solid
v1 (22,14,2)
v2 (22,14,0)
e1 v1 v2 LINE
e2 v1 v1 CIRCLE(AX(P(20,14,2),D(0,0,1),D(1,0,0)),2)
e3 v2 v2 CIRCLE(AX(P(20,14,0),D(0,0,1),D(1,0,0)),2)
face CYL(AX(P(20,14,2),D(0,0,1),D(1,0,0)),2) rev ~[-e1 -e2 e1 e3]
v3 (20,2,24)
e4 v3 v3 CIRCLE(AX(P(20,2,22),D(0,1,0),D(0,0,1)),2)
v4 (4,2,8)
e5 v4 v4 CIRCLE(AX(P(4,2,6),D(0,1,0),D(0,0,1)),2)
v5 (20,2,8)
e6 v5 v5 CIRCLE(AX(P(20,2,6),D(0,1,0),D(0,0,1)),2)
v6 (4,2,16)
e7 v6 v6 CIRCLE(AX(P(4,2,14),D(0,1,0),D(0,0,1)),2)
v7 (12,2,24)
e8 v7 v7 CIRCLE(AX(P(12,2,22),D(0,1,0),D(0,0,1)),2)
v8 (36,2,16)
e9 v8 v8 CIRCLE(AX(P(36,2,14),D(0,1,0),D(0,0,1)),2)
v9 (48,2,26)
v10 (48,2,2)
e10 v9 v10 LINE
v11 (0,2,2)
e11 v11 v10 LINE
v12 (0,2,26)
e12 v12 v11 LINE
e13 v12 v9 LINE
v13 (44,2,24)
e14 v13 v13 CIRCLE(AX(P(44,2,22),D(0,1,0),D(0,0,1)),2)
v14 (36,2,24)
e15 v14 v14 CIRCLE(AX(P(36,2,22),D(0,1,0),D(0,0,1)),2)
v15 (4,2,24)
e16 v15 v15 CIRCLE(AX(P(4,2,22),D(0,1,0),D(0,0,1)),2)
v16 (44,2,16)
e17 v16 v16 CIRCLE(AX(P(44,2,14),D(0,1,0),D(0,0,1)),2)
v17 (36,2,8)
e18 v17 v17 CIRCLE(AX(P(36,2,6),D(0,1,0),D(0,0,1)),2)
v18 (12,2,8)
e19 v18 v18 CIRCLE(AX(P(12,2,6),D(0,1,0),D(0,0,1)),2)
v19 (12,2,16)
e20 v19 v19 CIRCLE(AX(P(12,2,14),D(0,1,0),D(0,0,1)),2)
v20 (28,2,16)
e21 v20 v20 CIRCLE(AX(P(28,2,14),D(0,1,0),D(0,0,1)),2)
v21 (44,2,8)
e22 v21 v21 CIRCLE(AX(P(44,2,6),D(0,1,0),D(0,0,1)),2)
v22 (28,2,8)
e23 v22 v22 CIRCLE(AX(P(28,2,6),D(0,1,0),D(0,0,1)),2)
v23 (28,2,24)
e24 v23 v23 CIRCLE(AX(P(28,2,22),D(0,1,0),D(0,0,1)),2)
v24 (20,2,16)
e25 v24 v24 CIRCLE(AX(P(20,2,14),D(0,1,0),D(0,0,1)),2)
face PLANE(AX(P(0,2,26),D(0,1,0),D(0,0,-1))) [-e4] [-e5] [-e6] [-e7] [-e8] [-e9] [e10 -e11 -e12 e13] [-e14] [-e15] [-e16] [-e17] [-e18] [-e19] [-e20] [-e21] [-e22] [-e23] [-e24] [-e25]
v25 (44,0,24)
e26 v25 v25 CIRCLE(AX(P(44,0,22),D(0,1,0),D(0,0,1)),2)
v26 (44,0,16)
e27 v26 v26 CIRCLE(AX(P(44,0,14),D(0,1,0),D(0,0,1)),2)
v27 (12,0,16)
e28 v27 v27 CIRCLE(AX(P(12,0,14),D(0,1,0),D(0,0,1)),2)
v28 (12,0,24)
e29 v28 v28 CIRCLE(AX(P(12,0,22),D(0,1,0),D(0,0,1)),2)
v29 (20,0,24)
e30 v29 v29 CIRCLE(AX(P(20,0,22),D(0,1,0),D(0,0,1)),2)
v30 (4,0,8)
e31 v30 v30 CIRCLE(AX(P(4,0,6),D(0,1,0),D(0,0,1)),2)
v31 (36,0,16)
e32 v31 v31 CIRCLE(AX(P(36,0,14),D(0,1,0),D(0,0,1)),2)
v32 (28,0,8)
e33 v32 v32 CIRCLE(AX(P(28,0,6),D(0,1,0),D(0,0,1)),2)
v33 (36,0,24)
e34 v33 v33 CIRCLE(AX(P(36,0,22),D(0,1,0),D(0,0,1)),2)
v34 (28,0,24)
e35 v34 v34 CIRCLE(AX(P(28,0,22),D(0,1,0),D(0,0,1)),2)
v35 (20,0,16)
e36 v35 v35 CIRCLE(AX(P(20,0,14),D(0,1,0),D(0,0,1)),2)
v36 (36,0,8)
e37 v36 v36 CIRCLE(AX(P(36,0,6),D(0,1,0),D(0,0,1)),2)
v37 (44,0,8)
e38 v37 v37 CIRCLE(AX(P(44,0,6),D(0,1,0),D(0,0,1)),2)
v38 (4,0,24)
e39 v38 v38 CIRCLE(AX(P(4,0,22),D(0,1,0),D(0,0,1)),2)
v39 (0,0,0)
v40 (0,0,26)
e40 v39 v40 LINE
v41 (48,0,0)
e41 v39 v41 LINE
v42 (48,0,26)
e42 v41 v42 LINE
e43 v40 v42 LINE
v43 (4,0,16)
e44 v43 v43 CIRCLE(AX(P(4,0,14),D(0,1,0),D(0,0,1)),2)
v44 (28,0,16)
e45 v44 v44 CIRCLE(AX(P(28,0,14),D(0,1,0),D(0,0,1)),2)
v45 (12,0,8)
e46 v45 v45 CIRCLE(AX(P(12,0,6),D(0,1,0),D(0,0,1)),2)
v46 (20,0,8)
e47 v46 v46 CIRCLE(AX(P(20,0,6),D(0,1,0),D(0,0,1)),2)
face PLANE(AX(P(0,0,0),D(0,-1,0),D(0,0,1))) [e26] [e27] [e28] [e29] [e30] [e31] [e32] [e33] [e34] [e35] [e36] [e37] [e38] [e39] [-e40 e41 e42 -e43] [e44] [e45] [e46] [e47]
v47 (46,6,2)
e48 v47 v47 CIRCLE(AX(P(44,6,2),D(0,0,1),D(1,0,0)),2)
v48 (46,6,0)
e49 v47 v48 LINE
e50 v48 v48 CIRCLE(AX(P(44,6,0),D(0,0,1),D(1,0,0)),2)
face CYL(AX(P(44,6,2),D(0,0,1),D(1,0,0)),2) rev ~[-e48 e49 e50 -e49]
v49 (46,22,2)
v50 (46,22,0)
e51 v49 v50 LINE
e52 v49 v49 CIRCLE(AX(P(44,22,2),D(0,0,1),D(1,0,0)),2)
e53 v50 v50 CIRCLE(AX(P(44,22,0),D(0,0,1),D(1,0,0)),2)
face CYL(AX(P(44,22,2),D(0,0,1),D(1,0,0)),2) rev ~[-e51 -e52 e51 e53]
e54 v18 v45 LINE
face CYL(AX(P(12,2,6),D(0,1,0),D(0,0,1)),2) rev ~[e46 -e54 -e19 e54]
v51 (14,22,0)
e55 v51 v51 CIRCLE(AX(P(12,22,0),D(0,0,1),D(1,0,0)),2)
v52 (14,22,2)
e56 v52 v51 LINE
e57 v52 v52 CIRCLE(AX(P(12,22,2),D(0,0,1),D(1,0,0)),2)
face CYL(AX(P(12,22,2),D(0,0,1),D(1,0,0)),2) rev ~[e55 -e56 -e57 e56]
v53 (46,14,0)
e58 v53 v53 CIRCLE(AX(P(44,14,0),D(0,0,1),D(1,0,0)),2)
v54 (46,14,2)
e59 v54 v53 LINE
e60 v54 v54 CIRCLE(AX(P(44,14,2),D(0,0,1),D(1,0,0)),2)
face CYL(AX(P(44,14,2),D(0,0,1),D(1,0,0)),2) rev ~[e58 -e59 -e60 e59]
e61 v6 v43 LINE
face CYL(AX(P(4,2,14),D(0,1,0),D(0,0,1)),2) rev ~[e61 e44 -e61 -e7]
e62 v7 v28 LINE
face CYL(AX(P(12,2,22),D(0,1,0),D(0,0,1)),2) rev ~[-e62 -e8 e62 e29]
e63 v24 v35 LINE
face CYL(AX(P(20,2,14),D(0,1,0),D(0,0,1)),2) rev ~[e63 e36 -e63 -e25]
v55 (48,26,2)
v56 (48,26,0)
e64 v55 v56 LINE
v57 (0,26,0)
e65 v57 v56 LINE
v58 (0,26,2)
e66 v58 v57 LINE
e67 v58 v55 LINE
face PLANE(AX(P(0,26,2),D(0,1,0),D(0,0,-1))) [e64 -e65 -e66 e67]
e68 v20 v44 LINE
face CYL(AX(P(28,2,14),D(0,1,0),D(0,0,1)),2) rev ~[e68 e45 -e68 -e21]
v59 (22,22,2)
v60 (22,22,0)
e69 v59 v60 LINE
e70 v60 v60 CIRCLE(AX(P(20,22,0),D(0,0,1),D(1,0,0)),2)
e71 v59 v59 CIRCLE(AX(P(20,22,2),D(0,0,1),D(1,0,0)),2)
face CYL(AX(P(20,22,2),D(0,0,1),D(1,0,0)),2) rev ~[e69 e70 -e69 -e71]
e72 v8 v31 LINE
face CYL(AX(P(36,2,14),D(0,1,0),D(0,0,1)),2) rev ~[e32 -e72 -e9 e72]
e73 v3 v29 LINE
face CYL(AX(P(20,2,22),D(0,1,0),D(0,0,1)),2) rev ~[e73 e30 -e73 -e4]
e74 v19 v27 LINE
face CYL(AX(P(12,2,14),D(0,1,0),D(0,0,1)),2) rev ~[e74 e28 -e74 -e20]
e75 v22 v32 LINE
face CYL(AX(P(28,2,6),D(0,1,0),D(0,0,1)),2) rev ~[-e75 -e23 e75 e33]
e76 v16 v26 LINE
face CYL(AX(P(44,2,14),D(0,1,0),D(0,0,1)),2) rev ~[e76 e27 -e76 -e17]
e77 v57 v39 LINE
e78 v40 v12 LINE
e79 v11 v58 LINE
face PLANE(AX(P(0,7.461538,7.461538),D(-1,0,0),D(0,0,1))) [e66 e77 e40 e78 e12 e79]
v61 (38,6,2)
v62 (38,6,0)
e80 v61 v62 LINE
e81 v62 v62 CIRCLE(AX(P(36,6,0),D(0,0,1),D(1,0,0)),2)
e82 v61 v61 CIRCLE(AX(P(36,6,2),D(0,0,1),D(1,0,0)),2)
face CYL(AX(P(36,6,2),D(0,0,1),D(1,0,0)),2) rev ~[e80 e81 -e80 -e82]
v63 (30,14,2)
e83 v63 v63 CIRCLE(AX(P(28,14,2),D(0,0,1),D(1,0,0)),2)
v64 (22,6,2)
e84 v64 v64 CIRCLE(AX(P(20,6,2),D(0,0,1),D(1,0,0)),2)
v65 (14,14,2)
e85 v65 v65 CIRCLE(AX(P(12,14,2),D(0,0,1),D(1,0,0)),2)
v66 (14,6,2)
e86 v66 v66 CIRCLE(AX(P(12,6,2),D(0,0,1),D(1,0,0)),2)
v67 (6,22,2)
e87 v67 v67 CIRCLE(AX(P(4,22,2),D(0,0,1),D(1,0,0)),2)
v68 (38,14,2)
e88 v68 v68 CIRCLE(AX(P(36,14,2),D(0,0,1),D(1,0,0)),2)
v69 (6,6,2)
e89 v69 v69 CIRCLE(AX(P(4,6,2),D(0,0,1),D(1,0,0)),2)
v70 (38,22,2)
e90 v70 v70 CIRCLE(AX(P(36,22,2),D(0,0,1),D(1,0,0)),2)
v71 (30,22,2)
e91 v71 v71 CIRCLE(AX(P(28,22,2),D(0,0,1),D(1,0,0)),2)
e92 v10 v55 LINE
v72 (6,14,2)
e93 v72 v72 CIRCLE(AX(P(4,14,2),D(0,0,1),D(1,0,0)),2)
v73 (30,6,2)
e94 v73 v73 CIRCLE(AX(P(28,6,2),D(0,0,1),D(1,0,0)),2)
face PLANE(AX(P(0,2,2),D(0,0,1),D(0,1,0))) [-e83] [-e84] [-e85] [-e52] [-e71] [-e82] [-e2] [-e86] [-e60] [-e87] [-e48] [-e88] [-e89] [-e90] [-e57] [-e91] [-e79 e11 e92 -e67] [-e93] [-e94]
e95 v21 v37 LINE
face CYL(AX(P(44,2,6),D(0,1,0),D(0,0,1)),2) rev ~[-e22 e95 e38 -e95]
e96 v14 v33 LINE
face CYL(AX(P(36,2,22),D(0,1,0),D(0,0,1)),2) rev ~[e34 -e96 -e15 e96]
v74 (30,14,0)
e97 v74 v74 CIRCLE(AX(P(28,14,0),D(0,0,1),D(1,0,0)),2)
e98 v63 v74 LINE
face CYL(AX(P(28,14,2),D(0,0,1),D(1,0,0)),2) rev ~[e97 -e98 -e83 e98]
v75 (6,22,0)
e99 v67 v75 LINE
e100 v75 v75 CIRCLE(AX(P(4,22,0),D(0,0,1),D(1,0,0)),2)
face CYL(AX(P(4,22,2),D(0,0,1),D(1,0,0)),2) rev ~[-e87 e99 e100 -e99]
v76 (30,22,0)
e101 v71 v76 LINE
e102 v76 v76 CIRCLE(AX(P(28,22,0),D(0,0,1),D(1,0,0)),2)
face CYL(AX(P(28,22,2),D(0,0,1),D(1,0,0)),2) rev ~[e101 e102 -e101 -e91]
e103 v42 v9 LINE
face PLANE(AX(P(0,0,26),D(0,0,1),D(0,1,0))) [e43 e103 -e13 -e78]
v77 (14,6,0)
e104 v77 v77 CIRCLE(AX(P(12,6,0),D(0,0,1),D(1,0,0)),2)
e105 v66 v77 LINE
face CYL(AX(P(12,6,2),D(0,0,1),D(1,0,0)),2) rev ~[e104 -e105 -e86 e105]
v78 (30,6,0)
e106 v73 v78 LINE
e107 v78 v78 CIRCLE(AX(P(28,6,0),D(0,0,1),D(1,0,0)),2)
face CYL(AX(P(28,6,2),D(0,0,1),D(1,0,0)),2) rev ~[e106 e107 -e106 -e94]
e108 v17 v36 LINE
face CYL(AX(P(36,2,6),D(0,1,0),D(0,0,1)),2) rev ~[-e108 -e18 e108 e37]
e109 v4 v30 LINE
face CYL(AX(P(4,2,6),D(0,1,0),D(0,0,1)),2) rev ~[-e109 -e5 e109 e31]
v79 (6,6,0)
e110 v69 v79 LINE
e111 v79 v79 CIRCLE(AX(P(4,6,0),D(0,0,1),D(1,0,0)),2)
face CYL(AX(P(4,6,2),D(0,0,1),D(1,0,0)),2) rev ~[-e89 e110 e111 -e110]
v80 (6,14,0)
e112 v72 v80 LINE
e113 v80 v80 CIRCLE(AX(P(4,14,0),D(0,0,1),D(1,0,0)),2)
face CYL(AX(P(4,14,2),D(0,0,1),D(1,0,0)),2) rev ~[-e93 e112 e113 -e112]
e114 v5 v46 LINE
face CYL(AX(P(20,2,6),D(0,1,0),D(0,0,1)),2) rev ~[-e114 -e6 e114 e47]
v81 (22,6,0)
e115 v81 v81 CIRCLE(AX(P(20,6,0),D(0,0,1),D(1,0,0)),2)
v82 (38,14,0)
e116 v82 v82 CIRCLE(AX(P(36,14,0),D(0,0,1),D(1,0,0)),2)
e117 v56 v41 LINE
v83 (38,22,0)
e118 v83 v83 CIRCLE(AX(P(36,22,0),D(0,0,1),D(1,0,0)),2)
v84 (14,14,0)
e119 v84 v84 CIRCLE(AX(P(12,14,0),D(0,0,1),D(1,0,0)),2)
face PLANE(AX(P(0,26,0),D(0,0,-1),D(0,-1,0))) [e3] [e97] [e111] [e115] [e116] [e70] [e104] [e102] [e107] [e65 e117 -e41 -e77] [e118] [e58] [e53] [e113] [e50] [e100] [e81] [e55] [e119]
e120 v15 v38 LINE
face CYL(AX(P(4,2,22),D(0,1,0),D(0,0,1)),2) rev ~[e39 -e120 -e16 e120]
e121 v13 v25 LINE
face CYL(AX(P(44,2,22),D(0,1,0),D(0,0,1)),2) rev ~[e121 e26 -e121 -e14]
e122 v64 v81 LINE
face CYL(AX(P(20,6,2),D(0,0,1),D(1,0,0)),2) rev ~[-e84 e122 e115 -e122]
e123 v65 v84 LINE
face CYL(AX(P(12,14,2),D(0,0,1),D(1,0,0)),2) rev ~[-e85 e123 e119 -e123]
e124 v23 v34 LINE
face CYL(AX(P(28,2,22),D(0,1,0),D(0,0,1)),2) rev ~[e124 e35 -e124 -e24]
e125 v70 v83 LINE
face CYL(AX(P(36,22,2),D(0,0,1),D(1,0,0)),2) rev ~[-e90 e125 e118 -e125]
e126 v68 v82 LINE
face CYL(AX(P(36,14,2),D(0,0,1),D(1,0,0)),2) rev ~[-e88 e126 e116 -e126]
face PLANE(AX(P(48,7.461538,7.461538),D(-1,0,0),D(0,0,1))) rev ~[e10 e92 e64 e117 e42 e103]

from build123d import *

# Parameters (mm, degrees)
EXTRUDE_1_DEPTH     = 48
SKETCH_2_R          = 2
CUT_EXTRUDE_1_DEPTH = 48
SKETCH_3_R          = 2
CUT_EXTRUDE_3_DEPTH = 48


with BuildPart() as part:
    # 草图1 → 凸台-拉伸1 (new body)
    with BuildSketch(Plane(origin=(0, 0, 0), x_dir=(0, 0, -1), z_dir=(1, 0, 0))):
        Polygon((0, 0), (-26, 0), (-26, 2), (-2, 2), (-2, 26), (0, 26), align=None)
    extrude(amount=EXTRUDE_1_DEPTH)

    # 草图2 → 切除-拉伸1 (cut)
    with BuildSketch(Plane.XY.offset(2)):
        with Locations((4, 22)):
            Circle(SKETCH_2_R)
        with Locations((4, 14)):
            Circle(SKETCH_2_R)
        with Locations((4, 6)):
            Circle(SKETCH_2_R)
        with Locations((12, 22)):
            Circle(SKETCH_2_R)
        with Locations((12, 14)):
            Circle(SKETCH_2_R)
        with Locations((12, 6)):
            Circle(SKETCH_2_R)
        with Locations((20, 22)):
            Circle(SKETCH_2_R)
        with Locations((20, 14)):
            Circle(SKETCH_2_R)
        with Locations((20, 6)):
            Circle(SKETCH_2_R)
        with Locations((28, 22)):
            Circle(SKETCH_2_R)
        with Locations((28, 14)):
            Circle(SKETCH_2_R)
        with Locations((28, 6)):
            Circle(SKETCH_2_R)
        with Locations((36, 22)):
            Circle(SKETCH_2_R)
        with Locations((36, 14)):
            Circle(SKETCH_2_R)
        with Locations((36, 6)):
            Circle(SKETCH_2_R)
        with Locations((44, 22)):
            Circle(SKETCH_2_R)
        with Locations((44, 14)):
            Circle(SKETCH_2_R)
        with Locations((44, 6)):
            Circle(SKETCH_2_R)
    extrude(amount=-CUT_EXTRUDE_1_DEPTH, mode=Mode.SUBTRACT)

    # 草图3 → 切除-拉伸3 (cut)
    with BuildSketch(Plane(origin=(0, 2, 0), x_dir=(1, 0, 0), z_dir=(0, 1, 0))):
        with Locations(Location((4, -22, 0), (0, 0, 270))):
            Circle(SKETCH_3_R)
        with Locations(Location((4, -14, 0), (0, 0, 270))):
            Circle(SKETCH_3_R)
        with Locations(Location((4, -6, 0), (0, 0, 270))):
            Circle(SKETCH_3_R)
        with Locations(Location((12, -6, 0), (0, 0, 270))):
            Circle(SKETCH_3_R)
        with Locations(Location((12, -14, 0), (0, 0, 270))):
            Circle(SKETCH_3_R)
        with Locations(Location((12, -22, 0), (0, 0, 270))):
            Circle(SKETCH_3_R)
        with Locations(Location((20, -6, 0), (0, 0, 270))):
            Circle(SKETCH_3_R)
        with Locations(Location((20, -14, 0), (0, 0, 270))):
            Circle(SKETCH_3_R)
        with Locations(Location((20, -22, 0), (0, 0, 270))):
            Circle(SKETCH_3_R)
        with Locations(Location((28, -6, 0), (0, 0, 270))):
            Circle(SKETCH_3_R)
        with Locations(Location((28, -14, 0), (0, 0, 270))):
            Circle(SKETCH_3_R)
        with Locations(Location((28, -22, 0), (0, 0, 270))):
            Circle(SKETCH_3_R)
        with Locations(Location((36, -6, 0), (0, 0, 270))):
            Circle(SKETCH_3_R)
        with Locations(Location((36, -14, 0), (0, 0, 270))):
            Circle(SKETCH_3_R)
        with Locations(Location((36, -22, 0), (0, 0, 270))):
            Circle(SKETCH_3_R)
        with Locations(Location((44, -6, 0), (0, 0, 270))):
            Circle(SKETCH_3_R)
        with Locations(Location((44, -14, 0), (0, 0, 270))):
            Circle(SKETCH_3_R)
        with Locations(Location((44, -22, 0), (0, 0, 270))):
            Circle(SKETCH_3_R)
    extrude(amount=-CUT_EXTRUDE_3_DEPTH, mode=Mode.SUBTRACT)


solid = part.part
